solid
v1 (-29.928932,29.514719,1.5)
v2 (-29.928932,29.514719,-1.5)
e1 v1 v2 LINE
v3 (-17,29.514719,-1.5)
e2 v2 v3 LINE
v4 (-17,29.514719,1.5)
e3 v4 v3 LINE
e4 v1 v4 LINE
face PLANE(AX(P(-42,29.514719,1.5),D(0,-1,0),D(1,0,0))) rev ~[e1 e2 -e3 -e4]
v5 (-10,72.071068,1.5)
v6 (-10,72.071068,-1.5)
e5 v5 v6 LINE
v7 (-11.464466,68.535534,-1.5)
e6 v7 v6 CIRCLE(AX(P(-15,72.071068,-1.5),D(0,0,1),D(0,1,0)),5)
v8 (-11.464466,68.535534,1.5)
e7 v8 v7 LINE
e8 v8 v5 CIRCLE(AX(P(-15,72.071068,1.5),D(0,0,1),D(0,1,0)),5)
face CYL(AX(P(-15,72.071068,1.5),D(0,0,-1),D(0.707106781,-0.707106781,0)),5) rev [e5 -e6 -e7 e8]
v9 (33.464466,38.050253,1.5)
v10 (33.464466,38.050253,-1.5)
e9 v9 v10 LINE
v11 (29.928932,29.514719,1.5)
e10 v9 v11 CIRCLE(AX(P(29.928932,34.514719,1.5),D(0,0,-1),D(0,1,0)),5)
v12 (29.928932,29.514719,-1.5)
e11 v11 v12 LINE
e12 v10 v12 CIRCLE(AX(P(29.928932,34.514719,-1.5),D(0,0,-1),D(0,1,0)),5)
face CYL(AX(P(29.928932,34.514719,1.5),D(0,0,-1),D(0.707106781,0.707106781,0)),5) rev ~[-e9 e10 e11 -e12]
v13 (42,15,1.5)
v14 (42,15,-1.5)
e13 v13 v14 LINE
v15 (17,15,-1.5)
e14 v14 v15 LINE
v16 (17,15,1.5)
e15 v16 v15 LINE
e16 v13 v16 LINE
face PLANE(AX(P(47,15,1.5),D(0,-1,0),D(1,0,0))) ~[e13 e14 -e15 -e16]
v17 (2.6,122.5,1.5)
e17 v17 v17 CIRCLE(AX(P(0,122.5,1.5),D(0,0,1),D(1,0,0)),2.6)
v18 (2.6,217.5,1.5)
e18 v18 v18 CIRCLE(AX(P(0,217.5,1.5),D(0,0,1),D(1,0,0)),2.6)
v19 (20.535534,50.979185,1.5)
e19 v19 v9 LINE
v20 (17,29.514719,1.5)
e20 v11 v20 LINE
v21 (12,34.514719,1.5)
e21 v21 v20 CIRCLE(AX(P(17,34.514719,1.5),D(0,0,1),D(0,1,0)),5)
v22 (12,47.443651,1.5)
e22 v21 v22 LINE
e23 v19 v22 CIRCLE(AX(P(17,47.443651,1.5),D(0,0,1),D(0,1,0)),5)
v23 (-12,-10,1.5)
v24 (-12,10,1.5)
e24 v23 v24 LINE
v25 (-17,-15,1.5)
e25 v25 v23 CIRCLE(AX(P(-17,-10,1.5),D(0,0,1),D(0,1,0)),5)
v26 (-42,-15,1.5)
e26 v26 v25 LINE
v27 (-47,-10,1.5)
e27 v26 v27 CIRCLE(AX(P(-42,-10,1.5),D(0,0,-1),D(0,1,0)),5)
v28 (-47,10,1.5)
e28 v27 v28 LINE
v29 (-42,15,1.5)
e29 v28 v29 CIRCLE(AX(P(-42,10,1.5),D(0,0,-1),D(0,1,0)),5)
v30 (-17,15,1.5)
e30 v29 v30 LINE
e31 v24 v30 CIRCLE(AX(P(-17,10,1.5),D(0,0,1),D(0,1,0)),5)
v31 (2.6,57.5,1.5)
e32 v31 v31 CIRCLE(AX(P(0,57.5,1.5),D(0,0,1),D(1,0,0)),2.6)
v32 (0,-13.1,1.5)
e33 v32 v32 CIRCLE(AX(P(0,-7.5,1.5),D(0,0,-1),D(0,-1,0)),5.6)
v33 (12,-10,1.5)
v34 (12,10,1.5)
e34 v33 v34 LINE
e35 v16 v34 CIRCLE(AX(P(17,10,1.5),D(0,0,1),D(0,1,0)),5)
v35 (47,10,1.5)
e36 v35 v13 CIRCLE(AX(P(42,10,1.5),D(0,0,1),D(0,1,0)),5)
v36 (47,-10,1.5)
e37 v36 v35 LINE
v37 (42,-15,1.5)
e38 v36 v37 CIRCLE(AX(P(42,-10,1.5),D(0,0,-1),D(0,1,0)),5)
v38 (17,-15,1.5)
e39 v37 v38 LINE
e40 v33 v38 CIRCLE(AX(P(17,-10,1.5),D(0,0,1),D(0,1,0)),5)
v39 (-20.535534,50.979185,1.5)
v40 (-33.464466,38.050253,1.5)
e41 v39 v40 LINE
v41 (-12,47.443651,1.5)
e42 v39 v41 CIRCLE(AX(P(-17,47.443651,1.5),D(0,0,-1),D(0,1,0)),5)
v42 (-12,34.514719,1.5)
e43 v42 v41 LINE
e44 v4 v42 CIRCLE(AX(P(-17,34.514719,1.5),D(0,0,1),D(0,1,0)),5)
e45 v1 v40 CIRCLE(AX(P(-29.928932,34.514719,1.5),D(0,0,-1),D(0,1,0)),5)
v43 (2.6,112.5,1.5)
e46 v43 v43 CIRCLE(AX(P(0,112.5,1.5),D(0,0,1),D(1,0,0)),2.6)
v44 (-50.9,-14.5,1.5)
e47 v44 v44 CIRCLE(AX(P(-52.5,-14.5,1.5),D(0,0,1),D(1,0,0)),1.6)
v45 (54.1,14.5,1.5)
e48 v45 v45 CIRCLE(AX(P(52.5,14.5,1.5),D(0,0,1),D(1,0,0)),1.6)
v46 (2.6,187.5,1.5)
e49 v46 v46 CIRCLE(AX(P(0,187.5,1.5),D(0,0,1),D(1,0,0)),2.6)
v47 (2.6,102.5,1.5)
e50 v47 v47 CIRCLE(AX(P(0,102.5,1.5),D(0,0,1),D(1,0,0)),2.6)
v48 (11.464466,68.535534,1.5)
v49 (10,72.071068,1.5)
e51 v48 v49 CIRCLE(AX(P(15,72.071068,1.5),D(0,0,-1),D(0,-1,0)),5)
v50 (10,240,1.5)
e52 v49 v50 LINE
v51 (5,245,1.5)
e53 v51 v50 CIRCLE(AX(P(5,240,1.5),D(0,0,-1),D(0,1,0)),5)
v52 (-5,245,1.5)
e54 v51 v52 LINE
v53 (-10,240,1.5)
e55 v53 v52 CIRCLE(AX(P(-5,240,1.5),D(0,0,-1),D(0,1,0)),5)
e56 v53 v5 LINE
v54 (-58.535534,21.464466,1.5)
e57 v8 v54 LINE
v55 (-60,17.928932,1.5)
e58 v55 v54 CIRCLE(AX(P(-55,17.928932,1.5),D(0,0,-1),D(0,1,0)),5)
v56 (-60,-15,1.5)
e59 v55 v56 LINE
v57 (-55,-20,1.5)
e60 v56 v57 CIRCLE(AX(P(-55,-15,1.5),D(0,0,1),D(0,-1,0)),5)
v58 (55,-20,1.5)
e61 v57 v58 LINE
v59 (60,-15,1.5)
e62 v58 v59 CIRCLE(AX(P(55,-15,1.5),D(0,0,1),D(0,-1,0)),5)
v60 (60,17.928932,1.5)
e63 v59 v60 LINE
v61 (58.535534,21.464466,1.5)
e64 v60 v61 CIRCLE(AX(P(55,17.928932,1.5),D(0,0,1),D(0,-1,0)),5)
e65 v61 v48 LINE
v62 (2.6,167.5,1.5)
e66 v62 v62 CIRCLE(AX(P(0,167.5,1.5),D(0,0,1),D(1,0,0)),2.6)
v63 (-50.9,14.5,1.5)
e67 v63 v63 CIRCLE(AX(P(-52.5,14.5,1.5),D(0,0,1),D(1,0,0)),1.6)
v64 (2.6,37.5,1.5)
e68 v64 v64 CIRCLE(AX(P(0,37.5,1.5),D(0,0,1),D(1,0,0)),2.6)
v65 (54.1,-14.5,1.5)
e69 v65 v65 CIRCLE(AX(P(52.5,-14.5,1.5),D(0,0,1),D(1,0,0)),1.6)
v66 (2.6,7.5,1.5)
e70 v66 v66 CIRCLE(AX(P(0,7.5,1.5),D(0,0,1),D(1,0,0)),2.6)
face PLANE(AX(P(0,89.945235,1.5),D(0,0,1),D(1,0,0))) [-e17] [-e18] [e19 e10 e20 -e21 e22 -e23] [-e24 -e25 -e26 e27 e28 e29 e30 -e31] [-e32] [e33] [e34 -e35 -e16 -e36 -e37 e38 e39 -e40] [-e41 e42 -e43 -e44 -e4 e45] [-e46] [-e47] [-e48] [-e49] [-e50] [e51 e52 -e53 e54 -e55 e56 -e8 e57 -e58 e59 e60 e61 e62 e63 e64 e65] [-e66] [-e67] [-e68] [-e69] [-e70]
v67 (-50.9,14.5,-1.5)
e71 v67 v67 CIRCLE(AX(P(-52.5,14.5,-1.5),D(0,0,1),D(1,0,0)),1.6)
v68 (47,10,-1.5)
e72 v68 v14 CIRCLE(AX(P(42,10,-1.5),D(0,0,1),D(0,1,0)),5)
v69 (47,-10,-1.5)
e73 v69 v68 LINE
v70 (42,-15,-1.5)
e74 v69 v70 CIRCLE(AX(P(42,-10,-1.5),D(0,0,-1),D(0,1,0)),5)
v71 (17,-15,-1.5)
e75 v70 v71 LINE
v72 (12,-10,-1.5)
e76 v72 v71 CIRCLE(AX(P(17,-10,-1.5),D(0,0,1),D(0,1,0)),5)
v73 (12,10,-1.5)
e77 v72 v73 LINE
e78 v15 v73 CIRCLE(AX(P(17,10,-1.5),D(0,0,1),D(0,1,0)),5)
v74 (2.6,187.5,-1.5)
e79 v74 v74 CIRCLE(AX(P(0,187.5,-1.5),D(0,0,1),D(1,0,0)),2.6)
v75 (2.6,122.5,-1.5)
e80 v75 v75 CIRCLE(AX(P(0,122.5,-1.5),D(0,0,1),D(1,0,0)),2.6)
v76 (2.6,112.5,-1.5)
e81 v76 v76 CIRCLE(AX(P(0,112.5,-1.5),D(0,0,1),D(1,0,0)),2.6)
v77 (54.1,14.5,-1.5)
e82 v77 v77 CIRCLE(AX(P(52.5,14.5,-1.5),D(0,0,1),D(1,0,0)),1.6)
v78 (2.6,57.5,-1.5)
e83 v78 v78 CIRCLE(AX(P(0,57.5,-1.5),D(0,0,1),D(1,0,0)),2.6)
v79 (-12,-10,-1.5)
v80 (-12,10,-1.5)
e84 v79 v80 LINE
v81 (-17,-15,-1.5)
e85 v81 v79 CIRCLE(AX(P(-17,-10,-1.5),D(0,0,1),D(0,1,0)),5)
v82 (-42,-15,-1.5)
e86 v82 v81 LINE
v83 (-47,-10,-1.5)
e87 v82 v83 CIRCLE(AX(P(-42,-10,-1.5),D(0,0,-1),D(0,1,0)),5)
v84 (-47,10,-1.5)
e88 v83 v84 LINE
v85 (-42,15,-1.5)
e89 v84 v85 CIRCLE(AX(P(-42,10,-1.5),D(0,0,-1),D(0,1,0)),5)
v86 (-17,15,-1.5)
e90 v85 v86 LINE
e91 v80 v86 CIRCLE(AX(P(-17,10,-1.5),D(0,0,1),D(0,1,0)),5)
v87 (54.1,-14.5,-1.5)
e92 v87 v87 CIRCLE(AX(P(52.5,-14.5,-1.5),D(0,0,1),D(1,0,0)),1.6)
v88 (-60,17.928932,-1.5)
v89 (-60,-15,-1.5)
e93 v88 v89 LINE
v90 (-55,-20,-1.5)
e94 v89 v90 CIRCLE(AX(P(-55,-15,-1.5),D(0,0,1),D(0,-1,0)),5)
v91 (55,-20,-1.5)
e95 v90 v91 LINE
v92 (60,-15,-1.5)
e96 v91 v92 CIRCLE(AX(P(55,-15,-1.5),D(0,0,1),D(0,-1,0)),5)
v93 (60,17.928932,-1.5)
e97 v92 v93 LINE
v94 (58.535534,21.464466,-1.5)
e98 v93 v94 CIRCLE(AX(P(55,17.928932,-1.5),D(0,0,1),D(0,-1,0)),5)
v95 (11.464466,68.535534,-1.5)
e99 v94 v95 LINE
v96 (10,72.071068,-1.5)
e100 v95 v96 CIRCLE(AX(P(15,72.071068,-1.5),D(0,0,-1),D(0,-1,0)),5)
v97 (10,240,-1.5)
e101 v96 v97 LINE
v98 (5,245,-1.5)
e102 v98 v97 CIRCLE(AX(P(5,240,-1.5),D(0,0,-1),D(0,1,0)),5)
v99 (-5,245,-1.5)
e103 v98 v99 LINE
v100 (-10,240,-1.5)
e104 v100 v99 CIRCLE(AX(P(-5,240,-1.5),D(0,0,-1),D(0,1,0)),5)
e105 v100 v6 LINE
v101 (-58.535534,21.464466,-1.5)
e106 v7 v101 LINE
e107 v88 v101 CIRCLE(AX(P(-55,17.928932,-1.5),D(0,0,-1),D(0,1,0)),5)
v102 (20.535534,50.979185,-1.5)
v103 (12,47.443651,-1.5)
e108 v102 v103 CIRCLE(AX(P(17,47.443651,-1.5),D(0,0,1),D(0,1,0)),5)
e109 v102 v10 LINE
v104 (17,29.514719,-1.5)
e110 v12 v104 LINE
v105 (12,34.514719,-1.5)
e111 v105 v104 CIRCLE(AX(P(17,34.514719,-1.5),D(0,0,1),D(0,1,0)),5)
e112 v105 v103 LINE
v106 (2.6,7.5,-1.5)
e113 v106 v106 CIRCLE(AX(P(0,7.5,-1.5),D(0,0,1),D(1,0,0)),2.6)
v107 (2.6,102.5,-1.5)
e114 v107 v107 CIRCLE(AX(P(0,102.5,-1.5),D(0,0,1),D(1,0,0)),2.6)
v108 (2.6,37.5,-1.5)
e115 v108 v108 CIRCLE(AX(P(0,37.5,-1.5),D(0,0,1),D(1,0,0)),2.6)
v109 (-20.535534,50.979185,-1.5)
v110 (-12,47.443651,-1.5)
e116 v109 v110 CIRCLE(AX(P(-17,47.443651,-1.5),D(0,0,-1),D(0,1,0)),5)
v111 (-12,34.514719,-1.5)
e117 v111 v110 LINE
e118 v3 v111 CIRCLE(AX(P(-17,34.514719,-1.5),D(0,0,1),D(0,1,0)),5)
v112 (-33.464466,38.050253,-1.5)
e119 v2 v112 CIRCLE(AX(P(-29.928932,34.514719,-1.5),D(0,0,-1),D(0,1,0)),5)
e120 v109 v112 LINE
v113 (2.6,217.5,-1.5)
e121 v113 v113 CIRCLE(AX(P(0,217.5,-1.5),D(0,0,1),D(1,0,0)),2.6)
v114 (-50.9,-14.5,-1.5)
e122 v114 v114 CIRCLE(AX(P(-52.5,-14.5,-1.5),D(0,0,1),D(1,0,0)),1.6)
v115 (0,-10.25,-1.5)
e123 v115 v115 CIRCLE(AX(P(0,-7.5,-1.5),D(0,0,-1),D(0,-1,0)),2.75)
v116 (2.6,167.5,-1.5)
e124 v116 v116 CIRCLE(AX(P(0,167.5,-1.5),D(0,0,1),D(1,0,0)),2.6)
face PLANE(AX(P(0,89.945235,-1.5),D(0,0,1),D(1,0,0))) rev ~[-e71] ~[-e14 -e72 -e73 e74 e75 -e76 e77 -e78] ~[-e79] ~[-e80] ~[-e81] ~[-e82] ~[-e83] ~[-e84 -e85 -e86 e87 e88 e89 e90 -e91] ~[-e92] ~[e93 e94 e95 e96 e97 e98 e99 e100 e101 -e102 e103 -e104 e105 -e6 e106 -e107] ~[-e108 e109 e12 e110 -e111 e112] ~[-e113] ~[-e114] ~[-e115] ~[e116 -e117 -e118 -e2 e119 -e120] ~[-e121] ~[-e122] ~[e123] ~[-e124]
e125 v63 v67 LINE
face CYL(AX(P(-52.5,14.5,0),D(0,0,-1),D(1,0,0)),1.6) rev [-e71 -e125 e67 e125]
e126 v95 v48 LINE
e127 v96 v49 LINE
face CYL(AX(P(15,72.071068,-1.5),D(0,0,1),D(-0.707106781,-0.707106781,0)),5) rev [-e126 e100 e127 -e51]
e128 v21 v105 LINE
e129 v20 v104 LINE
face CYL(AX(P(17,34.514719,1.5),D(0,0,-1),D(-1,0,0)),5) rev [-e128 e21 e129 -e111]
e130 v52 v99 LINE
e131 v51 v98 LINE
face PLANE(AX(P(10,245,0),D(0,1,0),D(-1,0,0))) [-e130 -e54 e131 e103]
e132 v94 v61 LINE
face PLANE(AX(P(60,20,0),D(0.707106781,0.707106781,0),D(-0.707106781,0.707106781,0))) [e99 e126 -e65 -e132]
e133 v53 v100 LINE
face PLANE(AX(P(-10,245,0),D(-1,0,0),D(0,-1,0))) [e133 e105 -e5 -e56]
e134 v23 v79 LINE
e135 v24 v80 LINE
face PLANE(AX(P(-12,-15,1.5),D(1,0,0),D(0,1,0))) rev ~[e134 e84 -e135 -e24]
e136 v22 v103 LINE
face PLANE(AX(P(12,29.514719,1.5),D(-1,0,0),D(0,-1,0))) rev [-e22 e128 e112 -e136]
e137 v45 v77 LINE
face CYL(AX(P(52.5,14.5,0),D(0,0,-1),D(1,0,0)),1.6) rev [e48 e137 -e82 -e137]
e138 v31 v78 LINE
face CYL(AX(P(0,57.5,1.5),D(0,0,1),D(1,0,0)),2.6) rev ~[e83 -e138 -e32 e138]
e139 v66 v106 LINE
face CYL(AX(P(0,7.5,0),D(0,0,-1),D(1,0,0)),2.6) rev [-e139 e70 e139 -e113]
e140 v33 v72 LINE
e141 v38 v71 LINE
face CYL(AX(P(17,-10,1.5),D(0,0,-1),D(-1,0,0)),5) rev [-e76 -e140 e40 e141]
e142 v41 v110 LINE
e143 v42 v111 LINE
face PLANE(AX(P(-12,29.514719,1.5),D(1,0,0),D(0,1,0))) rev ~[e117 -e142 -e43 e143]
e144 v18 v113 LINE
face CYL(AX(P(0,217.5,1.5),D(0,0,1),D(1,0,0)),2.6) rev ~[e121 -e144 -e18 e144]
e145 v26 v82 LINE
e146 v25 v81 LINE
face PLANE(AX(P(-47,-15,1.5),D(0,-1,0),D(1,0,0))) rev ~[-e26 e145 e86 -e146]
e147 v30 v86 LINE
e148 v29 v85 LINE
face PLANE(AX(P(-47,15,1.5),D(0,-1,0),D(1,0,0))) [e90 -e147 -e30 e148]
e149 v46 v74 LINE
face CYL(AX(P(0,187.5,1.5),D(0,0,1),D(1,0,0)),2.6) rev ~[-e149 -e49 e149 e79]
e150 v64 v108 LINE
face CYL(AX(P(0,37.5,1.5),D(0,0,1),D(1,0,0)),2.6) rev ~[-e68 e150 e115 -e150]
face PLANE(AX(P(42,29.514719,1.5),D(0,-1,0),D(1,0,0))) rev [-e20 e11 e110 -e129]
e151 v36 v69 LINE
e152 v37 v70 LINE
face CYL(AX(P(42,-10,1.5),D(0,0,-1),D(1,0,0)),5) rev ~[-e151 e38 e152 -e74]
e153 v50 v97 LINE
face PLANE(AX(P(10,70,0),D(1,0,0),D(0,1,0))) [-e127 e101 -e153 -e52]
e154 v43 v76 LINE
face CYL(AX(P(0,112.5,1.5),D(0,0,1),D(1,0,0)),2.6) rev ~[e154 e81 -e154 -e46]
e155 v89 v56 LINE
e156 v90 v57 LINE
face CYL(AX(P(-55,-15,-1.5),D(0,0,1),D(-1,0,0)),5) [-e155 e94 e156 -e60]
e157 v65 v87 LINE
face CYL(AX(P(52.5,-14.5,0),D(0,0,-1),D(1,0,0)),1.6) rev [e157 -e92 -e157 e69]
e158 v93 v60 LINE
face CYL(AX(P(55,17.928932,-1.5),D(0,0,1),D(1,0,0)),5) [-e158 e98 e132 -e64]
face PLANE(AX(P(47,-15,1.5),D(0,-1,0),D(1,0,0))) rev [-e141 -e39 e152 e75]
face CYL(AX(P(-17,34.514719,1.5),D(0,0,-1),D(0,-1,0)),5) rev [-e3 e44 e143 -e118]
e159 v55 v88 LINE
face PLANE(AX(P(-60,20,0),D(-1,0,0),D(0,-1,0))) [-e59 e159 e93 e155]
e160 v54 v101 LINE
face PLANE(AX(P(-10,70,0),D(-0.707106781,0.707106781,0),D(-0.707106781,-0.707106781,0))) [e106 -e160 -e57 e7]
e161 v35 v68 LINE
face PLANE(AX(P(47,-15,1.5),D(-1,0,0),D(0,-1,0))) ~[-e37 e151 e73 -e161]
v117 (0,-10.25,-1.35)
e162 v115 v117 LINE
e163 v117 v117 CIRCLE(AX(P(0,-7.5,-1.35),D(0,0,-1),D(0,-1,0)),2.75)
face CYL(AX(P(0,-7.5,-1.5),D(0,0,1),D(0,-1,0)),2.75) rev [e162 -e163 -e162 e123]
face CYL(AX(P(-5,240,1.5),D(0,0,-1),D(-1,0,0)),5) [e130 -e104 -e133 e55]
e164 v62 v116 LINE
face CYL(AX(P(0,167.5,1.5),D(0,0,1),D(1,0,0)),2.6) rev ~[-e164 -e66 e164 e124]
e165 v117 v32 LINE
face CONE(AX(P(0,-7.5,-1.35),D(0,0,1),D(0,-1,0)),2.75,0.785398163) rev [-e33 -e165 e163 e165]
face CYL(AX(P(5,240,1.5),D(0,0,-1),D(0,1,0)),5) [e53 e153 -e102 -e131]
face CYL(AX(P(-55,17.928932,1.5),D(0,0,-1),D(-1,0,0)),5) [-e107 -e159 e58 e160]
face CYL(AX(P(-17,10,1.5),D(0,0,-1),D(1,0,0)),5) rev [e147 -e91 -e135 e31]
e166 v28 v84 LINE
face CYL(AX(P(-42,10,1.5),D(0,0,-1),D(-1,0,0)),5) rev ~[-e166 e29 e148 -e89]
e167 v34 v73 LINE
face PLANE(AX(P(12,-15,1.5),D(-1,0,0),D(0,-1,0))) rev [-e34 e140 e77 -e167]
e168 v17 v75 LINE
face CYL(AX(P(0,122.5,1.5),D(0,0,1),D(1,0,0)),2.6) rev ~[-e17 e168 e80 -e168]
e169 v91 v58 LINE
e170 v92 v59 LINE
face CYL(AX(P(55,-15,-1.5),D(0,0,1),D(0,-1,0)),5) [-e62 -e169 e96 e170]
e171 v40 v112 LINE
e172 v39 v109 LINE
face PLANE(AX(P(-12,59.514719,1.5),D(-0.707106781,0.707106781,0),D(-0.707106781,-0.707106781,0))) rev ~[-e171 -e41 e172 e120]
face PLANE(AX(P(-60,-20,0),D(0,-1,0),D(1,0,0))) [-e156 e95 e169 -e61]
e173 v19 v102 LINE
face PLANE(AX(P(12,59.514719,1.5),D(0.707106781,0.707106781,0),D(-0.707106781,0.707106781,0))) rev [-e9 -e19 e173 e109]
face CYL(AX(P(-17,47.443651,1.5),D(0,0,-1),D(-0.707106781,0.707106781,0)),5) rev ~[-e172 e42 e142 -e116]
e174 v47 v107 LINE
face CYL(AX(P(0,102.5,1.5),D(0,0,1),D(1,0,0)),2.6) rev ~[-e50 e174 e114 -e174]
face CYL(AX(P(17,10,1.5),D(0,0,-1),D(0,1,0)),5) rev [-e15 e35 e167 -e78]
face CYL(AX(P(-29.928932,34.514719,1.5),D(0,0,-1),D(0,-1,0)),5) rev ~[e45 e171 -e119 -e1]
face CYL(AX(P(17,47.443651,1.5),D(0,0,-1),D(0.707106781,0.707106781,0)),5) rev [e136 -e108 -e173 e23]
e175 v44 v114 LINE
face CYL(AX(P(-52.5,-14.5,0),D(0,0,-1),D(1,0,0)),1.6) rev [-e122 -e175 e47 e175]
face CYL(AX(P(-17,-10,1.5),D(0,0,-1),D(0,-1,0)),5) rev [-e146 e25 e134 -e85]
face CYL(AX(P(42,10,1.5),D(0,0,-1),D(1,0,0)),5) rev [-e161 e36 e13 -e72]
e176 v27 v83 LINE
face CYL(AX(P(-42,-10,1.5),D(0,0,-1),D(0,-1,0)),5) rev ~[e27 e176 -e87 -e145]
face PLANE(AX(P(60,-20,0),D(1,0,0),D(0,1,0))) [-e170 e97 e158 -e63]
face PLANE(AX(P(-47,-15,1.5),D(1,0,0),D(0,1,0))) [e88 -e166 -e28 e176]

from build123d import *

# Parameters (mm, degrees)
SKETCH_1_R          = 1.6
SKETCH_1_R_2        = 2.6
EXTRUDE_1_DEPTH     = 1.5
SKETCH_2_R          = 2.6
CUT_EXTRUDE_1_DEPTH = 253.257804636
SKETCH_3_W          = 35
SKETCH_3_H          = 30
CUT_EXTRUDE_2_DEPTH = 253.257804636
FILLET_1_R          = 5


with BuildPart() as part:
    # 草图1 → 凸台-拉伸1 (new, symmetric)
    with BuildSketch(Plane.XY):
        Polygon((-60, 20), (-60, -20), (60, -20), (60, 20), (10, 70), (10, 245), (-10, 245), (-10, 70), align=None)
        with Locations((-52.5, -14.5)):
            Circle(SKETCH_1_R, mode=Mode.SUBTRACT)
        with Locations((52.5, -14.5)):
            Circle(SKETCH_1_R, mode=Mode.SUBTRACT)
        with Locations((52.5, 14.5)):
            Circle(SKETCH_1_R, mode=Mode.SUBTRACT)
        with Locations((-52.5, 14.5)):
            Circle(SKETCH_1_R, mode=Mode.SUBTRACT)
        with Locations((0, 7.5)):
            Circle(SKETCH_1_R_2, mode=Mode.SUBTRACT)
        with Locations((0, -7.5)):
            Circle(SKETCH_1_R_2, mode=Mode.SUBTRACT)
    extrude(amount=EXTRUDE_1_DEPTH, both=True)

    # 草图2 → 切除-拉伸1 (cut, through all)
    with BuildSketch(Plane.XY.offset(1.5)):
        with Locations((0, 217.5)):
            Circle(SKETCH_2_R)
        with Locations((0, 187.5)):
            Circle(SKETCH_2_R)
        with Locations((0, 167.5)):
            Circle(SKETCH_2_R)
        with Locations((0, 122.5)):
            Circle(SKETCH_2_R)
        with Locations((0, 112.5)):
            Circle(SKETCH_2_R)
        with Locations((0, 102.5)):
            Circle(SKETCH_2_R)
        with Locations((0, 57.5)):
            Circle(SKETCH_2_R)
        with Locations((0, 37.5)):
            Circle(SKETCH_2_R)
    extrude(amount=-CUT_EXTRUDE_1_DEPTH, mode=Mode.SUBTRACT)

    # 草图3 → 切除-拉伸2 (cut, through all)
    with BuildSketch(Plane.XY.offset(1.5)):
        Polygon((-42, 29.514718626), (-12, 29.514718626), (-12, 59.514718626), align=None)
        with Locations((-29.5, 0)):
            Rectangle(SKETCH_3_W, SKETCH_3_H)
    cut_extrude_2 = extrude(amount=-CUT_EXTRUDE_2_DEPTH, mode=Mode.SUBTRACT)

    # 镜向1: 切除-拉伸2 across plane
    add(cut_extrude_2.mirror(Plane(origin=(0, 0, 0), x_dir=(0, 0, 1), z_dir=(1, 0, 0))), mode=Mode.SUBTRACT)

    # 圆角1
    fillet_1_edges = [part.edges().sort_by_distance(p)[0] for p in [
        (12, 59.514718626, 0),
        (42, 29.514718626, 0),
        (12, 29.514718626, 0),
        (12, 15, 0),
        (47, 15, 0),
        (47, -15, 0),
        (12, -15, 0),
        (60, -20, 0),
        (-60, -20, 0),
        (-60, 20, 0),
        (-10, 70, 0),
        (-10, 245, 0),
        (10, 245, 0),
        (10, 70, 0),
        (60, 20, 0),
        (-42, 29.514718626, 0),
        (-12, 59.514718626, 0),
        (-12, 29.514718626, 0),
        (-47, 15, 0),
        (-12, 15, 0),
        (-12, -15, 0),
        (-47, -15, 0),
    ]]
    fillet(fillet_1_edges, radius=FILLET_1_R)

    # 草图5 → M5 六角凹锥坑螺钉的锥形沉头孔1 (revolve, cut)
    with BuildSketch(Plane(origin=(0, -7.5, 1.5), x_dir=(0, -1, 0), z_dir=(1, 0, 0))):
        Polygon((0, 0), (0, 3), (2.75, 3), (2.75, 2.85), (5.6, 0), align=None)
    revolve(axis=Axis((0, -7.5, 7.85), (0, 0, -1)), mode=Mode.SUBTRACT)


solid = part.part
